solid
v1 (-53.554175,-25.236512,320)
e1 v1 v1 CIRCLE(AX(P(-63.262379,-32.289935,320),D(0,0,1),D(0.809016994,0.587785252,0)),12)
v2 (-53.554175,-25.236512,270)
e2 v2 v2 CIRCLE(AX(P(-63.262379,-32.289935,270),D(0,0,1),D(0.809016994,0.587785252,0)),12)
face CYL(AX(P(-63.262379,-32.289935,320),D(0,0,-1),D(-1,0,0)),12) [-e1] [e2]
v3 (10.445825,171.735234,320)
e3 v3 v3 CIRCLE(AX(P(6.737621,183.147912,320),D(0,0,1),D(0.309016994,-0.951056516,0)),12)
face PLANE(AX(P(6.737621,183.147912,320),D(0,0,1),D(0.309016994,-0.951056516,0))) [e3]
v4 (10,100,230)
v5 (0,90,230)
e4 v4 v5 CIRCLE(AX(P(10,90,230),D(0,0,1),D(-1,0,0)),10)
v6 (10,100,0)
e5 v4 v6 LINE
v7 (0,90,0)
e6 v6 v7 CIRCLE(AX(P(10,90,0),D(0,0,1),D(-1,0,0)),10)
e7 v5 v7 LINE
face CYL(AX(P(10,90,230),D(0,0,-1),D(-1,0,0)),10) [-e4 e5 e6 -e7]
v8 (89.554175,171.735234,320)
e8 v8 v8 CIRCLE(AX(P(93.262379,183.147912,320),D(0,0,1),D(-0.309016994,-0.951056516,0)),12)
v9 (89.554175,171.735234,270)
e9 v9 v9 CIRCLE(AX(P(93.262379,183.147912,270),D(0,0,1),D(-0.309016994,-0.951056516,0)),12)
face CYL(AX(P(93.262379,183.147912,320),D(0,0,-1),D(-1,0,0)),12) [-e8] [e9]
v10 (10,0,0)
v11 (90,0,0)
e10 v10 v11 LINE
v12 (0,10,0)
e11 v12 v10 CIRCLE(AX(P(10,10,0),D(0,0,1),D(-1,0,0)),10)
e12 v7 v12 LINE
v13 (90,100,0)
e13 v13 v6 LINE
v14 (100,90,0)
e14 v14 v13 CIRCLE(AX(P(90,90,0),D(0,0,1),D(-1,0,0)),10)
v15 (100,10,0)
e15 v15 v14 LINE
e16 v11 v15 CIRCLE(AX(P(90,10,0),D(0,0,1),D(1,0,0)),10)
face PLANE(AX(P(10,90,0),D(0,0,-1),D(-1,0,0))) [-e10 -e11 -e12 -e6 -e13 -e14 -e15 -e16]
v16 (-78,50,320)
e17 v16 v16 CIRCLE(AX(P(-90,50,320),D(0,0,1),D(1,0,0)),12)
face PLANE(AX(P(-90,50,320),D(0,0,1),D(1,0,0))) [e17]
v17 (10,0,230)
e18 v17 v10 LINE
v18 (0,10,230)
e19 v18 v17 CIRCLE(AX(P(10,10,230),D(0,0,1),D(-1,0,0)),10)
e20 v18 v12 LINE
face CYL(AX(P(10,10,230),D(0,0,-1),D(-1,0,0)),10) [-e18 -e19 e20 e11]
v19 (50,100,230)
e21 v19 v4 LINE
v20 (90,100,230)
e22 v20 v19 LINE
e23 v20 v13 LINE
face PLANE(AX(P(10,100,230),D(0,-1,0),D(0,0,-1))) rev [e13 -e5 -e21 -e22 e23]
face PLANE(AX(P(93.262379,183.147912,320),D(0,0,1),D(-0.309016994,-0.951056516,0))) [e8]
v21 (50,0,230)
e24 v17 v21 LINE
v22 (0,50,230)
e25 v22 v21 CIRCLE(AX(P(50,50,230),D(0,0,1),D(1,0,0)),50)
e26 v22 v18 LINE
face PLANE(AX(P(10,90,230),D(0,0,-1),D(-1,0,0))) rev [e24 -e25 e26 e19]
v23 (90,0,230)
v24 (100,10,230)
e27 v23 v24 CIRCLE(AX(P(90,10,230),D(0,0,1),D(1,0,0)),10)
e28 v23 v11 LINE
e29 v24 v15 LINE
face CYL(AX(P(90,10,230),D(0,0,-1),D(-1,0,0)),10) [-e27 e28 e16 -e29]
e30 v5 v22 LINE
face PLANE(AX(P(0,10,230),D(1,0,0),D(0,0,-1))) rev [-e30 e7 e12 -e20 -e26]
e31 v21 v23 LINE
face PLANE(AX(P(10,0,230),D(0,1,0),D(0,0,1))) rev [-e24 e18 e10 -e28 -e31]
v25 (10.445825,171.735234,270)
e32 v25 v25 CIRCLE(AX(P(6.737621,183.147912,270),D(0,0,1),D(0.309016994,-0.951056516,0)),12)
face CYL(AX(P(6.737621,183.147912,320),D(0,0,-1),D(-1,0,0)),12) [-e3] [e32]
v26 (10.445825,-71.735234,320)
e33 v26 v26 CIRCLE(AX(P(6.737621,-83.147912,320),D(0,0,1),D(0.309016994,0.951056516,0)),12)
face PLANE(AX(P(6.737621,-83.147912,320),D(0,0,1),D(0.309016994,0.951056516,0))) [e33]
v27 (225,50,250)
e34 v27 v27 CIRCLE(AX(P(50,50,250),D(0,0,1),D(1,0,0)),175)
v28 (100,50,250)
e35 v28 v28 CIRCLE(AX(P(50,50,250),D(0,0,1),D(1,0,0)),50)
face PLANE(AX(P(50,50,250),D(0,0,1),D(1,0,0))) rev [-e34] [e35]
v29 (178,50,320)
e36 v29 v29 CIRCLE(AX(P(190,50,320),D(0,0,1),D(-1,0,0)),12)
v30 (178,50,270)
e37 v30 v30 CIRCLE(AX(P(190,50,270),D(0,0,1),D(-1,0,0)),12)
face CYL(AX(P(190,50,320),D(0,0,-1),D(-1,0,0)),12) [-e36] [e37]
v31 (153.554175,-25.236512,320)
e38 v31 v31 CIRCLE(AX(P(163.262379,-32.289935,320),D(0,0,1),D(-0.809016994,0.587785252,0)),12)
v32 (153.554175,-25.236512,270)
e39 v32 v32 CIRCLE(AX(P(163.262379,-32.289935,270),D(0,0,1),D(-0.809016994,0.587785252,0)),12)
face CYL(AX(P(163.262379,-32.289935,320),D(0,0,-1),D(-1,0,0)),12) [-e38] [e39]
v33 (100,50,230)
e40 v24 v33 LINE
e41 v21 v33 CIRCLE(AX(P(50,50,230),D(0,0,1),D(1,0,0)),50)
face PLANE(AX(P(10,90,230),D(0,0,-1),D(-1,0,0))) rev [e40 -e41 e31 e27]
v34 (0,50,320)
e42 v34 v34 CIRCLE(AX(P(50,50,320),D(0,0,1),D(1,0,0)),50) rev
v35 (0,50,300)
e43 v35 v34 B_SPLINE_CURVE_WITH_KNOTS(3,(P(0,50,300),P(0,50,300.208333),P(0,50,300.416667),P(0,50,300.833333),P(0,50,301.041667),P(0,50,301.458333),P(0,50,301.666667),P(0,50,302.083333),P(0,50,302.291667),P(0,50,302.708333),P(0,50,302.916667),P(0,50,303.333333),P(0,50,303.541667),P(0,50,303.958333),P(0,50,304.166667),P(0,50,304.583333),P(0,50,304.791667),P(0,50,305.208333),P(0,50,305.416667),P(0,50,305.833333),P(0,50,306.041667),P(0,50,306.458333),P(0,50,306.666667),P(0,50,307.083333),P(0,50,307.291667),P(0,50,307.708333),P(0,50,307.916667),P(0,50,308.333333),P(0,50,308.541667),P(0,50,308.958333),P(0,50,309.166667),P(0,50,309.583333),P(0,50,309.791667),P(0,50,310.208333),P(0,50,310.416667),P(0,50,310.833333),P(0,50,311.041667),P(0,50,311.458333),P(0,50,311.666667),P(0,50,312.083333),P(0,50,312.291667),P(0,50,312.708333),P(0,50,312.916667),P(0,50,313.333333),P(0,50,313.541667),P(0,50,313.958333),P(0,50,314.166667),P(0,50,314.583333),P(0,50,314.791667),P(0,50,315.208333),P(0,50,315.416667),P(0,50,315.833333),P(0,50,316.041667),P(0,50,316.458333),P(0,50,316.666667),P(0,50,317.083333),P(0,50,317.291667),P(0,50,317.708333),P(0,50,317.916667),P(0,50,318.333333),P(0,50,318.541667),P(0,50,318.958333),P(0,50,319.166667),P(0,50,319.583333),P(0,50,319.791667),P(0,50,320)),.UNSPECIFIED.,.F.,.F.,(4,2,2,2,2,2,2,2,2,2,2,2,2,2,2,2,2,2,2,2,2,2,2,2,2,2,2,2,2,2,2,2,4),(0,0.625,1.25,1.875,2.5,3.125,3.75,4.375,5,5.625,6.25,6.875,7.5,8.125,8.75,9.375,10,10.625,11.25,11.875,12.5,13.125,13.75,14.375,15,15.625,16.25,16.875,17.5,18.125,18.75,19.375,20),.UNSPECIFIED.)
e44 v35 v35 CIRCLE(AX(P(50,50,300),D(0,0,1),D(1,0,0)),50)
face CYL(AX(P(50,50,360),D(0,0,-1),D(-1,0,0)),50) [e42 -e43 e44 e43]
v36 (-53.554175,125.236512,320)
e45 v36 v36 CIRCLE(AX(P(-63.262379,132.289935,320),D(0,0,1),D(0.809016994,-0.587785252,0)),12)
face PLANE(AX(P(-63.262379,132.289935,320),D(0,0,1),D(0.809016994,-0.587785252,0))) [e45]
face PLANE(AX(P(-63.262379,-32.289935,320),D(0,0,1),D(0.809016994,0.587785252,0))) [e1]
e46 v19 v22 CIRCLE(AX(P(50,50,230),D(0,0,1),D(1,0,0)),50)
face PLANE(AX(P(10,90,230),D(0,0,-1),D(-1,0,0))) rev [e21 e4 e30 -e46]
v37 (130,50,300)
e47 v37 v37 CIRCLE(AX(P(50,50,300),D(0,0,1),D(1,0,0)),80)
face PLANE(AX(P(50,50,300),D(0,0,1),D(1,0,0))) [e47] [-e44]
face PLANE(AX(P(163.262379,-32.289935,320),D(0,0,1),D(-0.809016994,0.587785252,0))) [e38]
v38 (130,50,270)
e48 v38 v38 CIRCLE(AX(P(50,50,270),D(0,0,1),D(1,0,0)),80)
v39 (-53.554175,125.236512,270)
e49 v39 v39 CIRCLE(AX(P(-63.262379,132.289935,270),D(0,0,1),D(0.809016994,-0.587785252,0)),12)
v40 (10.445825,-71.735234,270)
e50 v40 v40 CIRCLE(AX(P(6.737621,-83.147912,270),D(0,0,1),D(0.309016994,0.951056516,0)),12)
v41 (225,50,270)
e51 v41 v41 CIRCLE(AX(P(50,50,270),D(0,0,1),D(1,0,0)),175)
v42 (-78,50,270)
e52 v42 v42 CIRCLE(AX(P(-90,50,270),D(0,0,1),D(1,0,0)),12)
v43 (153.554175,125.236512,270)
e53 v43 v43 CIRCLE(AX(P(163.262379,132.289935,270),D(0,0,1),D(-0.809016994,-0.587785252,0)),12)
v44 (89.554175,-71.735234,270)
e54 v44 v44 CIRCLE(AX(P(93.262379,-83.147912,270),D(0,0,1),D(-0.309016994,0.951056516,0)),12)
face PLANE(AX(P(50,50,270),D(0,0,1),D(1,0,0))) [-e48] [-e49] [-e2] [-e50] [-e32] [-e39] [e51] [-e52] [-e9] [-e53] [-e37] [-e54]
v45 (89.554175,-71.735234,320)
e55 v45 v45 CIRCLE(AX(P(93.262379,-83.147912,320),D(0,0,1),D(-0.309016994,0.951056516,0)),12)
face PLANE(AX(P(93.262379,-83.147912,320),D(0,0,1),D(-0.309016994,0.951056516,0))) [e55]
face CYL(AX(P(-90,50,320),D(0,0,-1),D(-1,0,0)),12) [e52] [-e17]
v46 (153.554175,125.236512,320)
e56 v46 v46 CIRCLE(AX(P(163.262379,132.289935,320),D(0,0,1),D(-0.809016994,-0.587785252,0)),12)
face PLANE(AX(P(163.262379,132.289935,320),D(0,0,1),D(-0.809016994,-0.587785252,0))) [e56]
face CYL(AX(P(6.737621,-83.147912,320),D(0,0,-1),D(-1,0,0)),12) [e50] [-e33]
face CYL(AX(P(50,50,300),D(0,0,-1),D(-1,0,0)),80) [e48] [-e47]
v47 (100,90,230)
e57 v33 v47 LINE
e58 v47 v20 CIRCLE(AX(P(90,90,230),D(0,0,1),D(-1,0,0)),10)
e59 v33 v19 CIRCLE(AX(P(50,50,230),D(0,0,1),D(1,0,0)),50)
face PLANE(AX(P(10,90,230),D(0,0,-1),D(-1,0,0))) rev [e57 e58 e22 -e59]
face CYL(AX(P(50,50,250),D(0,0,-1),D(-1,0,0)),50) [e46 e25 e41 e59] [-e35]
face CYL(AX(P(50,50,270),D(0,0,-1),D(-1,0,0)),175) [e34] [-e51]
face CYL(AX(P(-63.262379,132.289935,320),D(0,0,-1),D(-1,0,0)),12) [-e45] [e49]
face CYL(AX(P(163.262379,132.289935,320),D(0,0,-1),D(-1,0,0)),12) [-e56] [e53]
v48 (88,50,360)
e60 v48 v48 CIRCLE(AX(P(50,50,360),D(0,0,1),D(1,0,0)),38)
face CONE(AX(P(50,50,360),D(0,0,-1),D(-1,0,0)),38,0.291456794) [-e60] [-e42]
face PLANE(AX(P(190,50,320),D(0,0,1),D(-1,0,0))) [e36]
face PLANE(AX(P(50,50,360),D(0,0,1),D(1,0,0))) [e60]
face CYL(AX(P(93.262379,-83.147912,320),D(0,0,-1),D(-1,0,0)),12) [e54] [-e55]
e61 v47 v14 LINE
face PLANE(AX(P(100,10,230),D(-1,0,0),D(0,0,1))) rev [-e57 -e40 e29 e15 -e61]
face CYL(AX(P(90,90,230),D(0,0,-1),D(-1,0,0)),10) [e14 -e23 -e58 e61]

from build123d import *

# Parameters (mm, degrees)
EXTRUDE1_DEPTH    = 230
SKETCH2_R         = 50
EXTRUDE4_DEPTH    = 20
SKETCH5_R         = 175
EXTRUDE5_DEPTH    = 20
SKETCH6_R         = 50
EXTRUDE6_DEPTH    = 90
CHAMFER2_SIZE     = 40
CHAMFER2_SIZE2    = 12
SKETCH7_R         = 80
EXTRUDE7_DEPTH    = 30
SKETCH8_R         = 12
EXTRUDE8_DEPTH    = 50
CIRPATTERN1_COUNT = 10


with BuildPart() as part:
    # Sketch1 → Extrude1 (new body)
    with BuildSketch(Plane.XY):
        with BuildLine():
            Line((10, 0), (90, 0))
            ThreePointArc((90, 0), (97.071067812, 2.928932188), (100, 10))
            Line((100, 10), (100, 90))
            ThreePointArc((100, 90), (97.071067812, 97.071067812), (90, 100))
            Line((90, 100), (10, 100))
            ThreePointArc((10, 100), (2.928932188, 97.071067812), (0, 90))
            Line((0, 90), (0, 10))
            ThreePointArc((0, 10), (2.928932188, 2.928932188), (10, 0))
        make_face()
    extrude(amount=EXTRUDE1_DEPTH)

    # Sketch2 → Extrude4 (add)
    with BuildSketch(Plane.XY.offset(230)):
        with Locations((50, 50)):
            Circle(SKETCH2_R)
    extrude(amount=EXTRUDE4_DEPTH)

    # Sketch5 → Extrude5 (add)
    with BuildSketch(Plane.XY.offset(250)):
        with Locations((50, 50)):
            Circle(SKETCH5_R)
    extrude(amount=EXTRUDE5_DEPTH)

    # Sketch6 → Extrude6 (add)
    with BuildSketch(Plane.XY.offset(270)):
        with Locations((50, 50)):
            Circle(SKETCH6_R)
    extrude(amount=EXTRUDE6_DEPTH)

    # Chamfer2
    chamfer2_edges = [part.edges().sort_by_distance(p)[0] for p in [
        (0, 50, 360),
    ]]
    chamfer2_side = [part.faces().sort_by_distance(p)[0] for p in [
        (0, 50, 315),
    ]]
    chamfer(chamfer2_edges, length=CHAMFER2_SIZE, length2=CHAMFER2_SIZE2, reference=chamfer2_side[0])

    # Sketch7 → Extrude7 (add)
    with BuildSketch(Plane.XY.offset(270)):
        with Locations((50, 50)):
            Circle(SKETCH7_R)
    extrude(amount=EXTRUDE7_DEPTH)

    # Sketch8 → Extrude8 (add)
    with BuildSketch(Plane.XY.offset(270)):
        with Locations((-90, 50)):
            Circle(SKETCH8_R)
    extrude8 = extrude(amount=EXTRUDE8_DEPTH)

    # CirPattern1: Extrude8 ×10 about axis
    cirpattern1_axis = Axis((50, 50, 320), (0, 0, 1))
    for i in range(1, CIRPATTERN1_COUNT):
        add(extrude8.rotate(cirpattern1_axis, i * 360 / CIRPATTERN1_COUNT))


solid = part.part
